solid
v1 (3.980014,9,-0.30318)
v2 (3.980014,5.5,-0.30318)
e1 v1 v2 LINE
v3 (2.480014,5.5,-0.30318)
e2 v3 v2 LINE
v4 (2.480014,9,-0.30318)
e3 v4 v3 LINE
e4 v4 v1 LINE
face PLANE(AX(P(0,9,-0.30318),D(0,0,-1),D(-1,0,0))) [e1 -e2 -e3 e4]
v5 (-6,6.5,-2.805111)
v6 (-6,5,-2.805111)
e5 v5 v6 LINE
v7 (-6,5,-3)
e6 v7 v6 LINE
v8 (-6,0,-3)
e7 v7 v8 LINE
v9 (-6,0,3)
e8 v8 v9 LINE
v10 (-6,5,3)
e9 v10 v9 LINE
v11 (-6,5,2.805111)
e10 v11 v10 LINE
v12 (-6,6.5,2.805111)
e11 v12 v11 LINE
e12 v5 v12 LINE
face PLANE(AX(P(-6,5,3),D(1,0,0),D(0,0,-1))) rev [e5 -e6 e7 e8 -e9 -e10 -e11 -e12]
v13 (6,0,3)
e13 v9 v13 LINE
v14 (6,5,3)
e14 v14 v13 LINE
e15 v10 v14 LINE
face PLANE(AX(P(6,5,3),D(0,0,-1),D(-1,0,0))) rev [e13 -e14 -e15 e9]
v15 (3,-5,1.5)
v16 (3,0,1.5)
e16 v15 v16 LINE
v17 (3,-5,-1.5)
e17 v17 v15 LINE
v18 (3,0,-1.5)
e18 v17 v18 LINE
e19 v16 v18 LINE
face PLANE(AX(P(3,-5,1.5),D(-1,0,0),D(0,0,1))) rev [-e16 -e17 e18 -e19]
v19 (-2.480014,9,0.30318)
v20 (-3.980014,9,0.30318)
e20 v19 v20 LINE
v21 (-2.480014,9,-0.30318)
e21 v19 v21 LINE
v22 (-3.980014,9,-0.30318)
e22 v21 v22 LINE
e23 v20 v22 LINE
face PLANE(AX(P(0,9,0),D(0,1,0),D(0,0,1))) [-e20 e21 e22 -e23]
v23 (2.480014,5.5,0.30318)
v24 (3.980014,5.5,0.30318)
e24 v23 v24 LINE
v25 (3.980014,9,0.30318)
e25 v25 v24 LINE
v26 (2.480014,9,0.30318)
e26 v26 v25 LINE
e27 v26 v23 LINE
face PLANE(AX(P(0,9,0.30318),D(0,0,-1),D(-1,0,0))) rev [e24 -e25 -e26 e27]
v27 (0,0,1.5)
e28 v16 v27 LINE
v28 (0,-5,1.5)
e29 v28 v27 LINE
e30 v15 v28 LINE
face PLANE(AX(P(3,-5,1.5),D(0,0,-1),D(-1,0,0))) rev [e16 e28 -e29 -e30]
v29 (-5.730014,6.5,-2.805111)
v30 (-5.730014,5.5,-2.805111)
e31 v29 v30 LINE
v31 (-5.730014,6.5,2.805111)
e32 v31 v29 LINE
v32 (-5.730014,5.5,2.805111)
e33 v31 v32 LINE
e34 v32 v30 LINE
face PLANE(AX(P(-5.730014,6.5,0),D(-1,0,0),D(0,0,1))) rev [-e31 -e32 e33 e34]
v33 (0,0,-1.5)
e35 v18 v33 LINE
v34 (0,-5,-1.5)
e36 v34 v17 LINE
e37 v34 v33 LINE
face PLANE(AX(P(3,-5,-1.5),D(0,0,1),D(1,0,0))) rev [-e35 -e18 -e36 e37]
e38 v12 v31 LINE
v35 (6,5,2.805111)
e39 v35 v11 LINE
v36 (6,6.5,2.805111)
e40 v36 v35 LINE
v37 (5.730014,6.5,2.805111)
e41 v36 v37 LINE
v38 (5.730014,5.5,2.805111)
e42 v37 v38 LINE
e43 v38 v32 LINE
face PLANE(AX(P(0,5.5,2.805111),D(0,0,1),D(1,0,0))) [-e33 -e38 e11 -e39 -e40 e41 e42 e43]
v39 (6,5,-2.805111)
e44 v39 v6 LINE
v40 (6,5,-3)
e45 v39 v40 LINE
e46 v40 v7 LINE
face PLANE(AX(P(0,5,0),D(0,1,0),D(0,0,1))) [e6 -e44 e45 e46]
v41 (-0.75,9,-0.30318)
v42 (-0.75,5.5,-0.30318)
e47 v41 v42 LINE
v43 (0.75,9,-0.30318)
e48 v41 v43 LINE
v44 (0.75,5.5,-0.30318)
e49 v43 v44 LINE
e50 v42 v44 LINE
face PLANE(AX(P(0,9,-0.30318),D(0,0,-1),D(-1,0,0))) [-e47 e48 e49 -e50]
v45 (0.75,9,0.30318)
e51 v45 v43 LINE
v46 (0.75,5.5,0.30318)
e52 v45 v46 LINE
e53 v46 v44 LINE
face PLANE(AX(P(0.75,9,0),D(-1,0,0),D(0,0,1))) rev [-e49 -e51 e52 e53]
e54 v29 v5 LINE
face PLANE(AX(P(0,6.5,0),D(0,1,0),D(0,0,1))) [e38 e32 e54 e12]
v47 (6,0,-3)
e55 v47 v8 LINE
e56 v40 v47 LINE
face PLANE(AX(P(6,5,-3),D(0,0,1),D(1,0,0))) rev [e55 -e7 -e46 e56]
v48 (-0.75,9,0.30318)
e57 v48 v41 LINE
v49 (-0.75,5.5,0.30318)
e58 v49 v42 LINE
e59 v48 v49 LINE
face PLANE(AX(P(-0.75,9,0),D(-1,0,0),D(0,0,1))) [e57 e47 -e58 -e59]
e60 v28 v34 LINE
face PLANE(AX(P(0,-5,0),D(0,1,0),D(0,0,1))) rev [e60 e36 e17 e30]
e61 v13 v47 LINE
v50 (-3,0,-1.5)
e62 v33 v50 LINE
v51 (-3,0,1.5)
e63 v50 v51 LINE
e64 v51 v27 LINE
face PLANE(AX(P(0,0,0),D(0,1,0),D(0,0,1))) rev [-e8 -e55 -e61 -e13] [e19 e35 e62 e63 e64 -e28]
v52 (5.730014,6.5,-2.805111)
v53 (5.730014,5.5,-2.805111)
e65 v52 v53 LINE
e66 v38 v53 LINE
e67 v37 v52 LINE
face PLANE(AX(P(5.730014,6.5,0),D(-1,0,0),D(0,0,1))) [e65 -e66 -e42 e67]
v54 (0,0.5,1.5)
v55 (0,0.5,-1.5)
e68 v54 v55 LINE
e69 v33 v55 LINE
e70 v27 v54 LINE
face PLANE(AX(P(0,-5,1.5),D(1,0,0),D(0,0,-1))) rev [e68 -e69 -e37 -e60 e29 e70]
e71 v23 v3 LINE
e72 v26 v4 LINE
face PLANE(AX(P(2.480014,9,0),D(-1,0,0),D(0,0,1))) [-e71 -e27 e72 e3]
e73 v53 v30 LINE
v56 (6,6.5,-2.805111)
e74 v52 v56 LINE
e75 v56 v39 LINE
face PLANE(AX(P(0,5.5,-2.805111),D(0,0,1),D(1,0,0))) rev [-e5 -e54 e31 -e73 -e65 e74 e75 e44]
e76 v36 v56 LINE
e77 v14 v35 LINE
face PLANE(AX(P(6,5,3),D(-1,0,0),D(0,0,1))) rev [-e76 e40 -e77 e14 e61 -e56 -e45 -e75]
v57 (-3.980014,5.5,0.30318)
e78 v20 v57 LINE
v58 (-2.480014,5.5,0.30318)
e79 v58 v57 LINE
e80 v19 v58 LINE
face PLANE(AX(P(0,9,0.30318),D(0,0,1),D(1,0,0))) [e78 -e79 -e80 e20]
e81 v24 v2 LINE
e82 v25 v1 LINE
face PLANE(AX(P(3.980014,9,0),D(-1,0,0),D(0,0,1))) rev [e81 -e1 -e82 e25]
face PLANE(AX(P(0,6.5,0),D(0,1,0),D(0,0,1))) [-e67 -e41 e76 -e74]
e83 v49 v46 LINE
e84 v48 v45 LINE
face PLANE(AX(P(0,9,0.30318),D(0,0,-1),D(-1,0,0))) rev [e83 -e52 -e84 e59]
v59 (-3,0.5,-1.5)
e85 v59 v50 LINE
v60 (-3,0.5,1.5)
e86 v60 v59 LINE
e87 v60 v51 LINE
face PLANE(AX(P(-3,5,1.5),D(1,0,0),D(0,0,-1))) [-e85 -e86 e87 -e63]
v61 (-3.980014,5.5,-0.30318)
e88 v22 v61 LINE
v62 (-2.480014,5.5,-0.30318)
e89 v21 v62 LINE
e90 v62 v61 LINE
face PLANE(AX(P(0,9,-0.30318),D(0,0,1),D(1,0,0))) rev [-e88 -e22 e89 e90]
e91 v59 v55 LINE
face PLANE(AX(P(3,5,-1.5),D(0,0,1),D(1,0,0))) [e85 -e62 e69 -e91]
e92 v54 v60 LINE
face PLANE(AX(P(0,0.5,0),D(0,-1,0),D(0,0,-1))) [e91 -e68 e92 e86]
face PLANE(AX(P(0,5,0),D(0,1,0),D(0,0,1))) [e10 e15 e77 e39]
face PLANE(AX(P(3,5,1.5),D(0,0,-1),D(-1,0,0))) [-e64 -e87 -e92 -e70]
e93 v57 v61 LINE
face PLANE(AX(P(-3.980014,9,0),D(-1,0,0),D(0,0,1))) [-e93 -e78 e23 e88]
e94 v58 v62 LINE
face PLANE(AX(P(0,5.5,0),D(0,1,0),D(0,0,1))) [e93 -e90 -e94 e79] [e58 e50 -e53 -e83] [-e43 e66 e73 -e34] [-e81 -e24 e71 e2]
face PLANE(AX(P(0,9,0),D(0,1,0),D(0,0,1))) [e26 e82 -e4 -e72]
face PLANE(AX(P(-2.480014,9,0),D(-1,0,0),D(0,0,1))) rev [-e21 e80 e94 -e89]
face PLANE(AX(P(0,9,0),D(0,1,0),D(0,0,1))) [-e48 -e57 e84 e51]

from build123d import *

# Parameters (mm, degrees)
SKETCH_1_W      = 12
SKETCH_1_H      = 6
SKETCH_1_W_2    = 6
SKETCH_1_H_2    = 3
EXTRUDE_1_DEPTH = 5
SKETCH_2_W      = 11.46002803
SKETCH_2_H      = 5.61022278
SKETCH_2_W_2    = 1.5
SKETCH_2_H_2    = 0.606360044
EXTRUDE_2_DEPTH = 0.5
SKETCH_2_3_W    = 0.269985985
SKETCH_2_3_H    = 5.61022278
EXTRUDE_3_DEPTH = 1.5
SKETCH_2_4_W    = 1.5
SKETCH_2_4_H    = 0.606360044
EXTRUDE_4_DEPTH = 4
SKETCH_4_W      = 6
SKETCH_4_H      = 3
EXTRUDE_5_DEPTH = 4.5
SKETCH_6_W      = 3
SKETCH_6_H      = 3
EXTRUDE_6_DEPTH = 5.5


with BuildPart() as part:
    # 草图1 → 凸台-拉伸1 (new body)
    with BuildSketch(Plane(origin=(0, 0, 0), x_dir=(1, 0, 0), z_dir=(0, 1, 0))):
        Rectangle(SKETCH_1_W, SKETCH_1_H)
        Rectangle(SKETCH_1_W_2, SKETCH_1_H_2, mode=Mode.SUBTRACT)
    extrude(amount=EXTRUDE_1_DEPTH)

    # 草图2 → 凸台-拉伸2 (add)
    with BuildSketch(Plane(origin=(0, 5, 0), x_dir=(1, 0, 0), z_dir=(0, 1, 0))):
        Rectangle(SKETCH_2_W, SKETCH_2_H)
        with Locations((3.230014015, 0)):
            Rectangle(SKETCH_2_W_2, SKETCH_2_H_2, mode=Mode.SUBTRACT)
        with Locations((-3.230014015, 0)):
            Rectangle(SKETCH_2_W_2, SKETCH_2_H_2, mode=Mode.SUBTRACT)
        Rectangle(SKETCH_2_W_2, SKETCH_2_H_2, mode=Mode.SUBTRACT)
    extrude(amount=EXTRUDE_2_DEPTH)

    # 草图2<3> → 凸台-拉伸3 (add)
    with BuildSketch(Plane(origin=(0, 5, 0), x_dir=(1, 0, 0), z_dir=(0, 1, 0))):
        with Locations((5.865007008, 0)):
            Rectangle(SKETCH_2_3_W, SKETCH_2_3_H)
        with Locations((-5.865007008, 0)):
            Rectangle(SKETCH_2_3_W, SKETCH_2_3_H)
    extrude(amount=EXTRUDE_3_DEPTH)

    # 草图2<4> → 凸台-拉伸4 (add)
    with BuildSketch(Plane(origin=(0, 5, 0), x_dir=(1, 0, 0), z_dir=(0, 1, 0))):
        with Locations((3.230014015, 0)):
            Rectangle(SKETCH_2_4_W, SKETCH_2_4_H)
        Rectangle(SKETCH_2_4_W, SKETCH_2_4_H)
        with Locations((-3.230014015, 0)):
            Rectangle(SKETCH_2_4_W, SKETCH_2_4_H)
    extrude(amount=EXTRUDE_4_DEPTH)

    # 草图4 → 凸台-拉伸5 (add)
    with BuildSketch(Plane.XZ.offset(-5)):
        Rectangle(SKETCH_4_W, SKETCH_4_H)
    extrude(amount=EXTRUDE_5_DEPTH)

    # 草图6 → 凸台-拉伸6 (add)
    with BuildSketch(Plane.XZ.offset(-0.5)):
        with Locations((1.5, 0)):
            Rectangle(SKETCH_6_W, SKETCH_6_H)
    extrude(amount=EXTRUDE_6_DEPTH)


solid = part.part
